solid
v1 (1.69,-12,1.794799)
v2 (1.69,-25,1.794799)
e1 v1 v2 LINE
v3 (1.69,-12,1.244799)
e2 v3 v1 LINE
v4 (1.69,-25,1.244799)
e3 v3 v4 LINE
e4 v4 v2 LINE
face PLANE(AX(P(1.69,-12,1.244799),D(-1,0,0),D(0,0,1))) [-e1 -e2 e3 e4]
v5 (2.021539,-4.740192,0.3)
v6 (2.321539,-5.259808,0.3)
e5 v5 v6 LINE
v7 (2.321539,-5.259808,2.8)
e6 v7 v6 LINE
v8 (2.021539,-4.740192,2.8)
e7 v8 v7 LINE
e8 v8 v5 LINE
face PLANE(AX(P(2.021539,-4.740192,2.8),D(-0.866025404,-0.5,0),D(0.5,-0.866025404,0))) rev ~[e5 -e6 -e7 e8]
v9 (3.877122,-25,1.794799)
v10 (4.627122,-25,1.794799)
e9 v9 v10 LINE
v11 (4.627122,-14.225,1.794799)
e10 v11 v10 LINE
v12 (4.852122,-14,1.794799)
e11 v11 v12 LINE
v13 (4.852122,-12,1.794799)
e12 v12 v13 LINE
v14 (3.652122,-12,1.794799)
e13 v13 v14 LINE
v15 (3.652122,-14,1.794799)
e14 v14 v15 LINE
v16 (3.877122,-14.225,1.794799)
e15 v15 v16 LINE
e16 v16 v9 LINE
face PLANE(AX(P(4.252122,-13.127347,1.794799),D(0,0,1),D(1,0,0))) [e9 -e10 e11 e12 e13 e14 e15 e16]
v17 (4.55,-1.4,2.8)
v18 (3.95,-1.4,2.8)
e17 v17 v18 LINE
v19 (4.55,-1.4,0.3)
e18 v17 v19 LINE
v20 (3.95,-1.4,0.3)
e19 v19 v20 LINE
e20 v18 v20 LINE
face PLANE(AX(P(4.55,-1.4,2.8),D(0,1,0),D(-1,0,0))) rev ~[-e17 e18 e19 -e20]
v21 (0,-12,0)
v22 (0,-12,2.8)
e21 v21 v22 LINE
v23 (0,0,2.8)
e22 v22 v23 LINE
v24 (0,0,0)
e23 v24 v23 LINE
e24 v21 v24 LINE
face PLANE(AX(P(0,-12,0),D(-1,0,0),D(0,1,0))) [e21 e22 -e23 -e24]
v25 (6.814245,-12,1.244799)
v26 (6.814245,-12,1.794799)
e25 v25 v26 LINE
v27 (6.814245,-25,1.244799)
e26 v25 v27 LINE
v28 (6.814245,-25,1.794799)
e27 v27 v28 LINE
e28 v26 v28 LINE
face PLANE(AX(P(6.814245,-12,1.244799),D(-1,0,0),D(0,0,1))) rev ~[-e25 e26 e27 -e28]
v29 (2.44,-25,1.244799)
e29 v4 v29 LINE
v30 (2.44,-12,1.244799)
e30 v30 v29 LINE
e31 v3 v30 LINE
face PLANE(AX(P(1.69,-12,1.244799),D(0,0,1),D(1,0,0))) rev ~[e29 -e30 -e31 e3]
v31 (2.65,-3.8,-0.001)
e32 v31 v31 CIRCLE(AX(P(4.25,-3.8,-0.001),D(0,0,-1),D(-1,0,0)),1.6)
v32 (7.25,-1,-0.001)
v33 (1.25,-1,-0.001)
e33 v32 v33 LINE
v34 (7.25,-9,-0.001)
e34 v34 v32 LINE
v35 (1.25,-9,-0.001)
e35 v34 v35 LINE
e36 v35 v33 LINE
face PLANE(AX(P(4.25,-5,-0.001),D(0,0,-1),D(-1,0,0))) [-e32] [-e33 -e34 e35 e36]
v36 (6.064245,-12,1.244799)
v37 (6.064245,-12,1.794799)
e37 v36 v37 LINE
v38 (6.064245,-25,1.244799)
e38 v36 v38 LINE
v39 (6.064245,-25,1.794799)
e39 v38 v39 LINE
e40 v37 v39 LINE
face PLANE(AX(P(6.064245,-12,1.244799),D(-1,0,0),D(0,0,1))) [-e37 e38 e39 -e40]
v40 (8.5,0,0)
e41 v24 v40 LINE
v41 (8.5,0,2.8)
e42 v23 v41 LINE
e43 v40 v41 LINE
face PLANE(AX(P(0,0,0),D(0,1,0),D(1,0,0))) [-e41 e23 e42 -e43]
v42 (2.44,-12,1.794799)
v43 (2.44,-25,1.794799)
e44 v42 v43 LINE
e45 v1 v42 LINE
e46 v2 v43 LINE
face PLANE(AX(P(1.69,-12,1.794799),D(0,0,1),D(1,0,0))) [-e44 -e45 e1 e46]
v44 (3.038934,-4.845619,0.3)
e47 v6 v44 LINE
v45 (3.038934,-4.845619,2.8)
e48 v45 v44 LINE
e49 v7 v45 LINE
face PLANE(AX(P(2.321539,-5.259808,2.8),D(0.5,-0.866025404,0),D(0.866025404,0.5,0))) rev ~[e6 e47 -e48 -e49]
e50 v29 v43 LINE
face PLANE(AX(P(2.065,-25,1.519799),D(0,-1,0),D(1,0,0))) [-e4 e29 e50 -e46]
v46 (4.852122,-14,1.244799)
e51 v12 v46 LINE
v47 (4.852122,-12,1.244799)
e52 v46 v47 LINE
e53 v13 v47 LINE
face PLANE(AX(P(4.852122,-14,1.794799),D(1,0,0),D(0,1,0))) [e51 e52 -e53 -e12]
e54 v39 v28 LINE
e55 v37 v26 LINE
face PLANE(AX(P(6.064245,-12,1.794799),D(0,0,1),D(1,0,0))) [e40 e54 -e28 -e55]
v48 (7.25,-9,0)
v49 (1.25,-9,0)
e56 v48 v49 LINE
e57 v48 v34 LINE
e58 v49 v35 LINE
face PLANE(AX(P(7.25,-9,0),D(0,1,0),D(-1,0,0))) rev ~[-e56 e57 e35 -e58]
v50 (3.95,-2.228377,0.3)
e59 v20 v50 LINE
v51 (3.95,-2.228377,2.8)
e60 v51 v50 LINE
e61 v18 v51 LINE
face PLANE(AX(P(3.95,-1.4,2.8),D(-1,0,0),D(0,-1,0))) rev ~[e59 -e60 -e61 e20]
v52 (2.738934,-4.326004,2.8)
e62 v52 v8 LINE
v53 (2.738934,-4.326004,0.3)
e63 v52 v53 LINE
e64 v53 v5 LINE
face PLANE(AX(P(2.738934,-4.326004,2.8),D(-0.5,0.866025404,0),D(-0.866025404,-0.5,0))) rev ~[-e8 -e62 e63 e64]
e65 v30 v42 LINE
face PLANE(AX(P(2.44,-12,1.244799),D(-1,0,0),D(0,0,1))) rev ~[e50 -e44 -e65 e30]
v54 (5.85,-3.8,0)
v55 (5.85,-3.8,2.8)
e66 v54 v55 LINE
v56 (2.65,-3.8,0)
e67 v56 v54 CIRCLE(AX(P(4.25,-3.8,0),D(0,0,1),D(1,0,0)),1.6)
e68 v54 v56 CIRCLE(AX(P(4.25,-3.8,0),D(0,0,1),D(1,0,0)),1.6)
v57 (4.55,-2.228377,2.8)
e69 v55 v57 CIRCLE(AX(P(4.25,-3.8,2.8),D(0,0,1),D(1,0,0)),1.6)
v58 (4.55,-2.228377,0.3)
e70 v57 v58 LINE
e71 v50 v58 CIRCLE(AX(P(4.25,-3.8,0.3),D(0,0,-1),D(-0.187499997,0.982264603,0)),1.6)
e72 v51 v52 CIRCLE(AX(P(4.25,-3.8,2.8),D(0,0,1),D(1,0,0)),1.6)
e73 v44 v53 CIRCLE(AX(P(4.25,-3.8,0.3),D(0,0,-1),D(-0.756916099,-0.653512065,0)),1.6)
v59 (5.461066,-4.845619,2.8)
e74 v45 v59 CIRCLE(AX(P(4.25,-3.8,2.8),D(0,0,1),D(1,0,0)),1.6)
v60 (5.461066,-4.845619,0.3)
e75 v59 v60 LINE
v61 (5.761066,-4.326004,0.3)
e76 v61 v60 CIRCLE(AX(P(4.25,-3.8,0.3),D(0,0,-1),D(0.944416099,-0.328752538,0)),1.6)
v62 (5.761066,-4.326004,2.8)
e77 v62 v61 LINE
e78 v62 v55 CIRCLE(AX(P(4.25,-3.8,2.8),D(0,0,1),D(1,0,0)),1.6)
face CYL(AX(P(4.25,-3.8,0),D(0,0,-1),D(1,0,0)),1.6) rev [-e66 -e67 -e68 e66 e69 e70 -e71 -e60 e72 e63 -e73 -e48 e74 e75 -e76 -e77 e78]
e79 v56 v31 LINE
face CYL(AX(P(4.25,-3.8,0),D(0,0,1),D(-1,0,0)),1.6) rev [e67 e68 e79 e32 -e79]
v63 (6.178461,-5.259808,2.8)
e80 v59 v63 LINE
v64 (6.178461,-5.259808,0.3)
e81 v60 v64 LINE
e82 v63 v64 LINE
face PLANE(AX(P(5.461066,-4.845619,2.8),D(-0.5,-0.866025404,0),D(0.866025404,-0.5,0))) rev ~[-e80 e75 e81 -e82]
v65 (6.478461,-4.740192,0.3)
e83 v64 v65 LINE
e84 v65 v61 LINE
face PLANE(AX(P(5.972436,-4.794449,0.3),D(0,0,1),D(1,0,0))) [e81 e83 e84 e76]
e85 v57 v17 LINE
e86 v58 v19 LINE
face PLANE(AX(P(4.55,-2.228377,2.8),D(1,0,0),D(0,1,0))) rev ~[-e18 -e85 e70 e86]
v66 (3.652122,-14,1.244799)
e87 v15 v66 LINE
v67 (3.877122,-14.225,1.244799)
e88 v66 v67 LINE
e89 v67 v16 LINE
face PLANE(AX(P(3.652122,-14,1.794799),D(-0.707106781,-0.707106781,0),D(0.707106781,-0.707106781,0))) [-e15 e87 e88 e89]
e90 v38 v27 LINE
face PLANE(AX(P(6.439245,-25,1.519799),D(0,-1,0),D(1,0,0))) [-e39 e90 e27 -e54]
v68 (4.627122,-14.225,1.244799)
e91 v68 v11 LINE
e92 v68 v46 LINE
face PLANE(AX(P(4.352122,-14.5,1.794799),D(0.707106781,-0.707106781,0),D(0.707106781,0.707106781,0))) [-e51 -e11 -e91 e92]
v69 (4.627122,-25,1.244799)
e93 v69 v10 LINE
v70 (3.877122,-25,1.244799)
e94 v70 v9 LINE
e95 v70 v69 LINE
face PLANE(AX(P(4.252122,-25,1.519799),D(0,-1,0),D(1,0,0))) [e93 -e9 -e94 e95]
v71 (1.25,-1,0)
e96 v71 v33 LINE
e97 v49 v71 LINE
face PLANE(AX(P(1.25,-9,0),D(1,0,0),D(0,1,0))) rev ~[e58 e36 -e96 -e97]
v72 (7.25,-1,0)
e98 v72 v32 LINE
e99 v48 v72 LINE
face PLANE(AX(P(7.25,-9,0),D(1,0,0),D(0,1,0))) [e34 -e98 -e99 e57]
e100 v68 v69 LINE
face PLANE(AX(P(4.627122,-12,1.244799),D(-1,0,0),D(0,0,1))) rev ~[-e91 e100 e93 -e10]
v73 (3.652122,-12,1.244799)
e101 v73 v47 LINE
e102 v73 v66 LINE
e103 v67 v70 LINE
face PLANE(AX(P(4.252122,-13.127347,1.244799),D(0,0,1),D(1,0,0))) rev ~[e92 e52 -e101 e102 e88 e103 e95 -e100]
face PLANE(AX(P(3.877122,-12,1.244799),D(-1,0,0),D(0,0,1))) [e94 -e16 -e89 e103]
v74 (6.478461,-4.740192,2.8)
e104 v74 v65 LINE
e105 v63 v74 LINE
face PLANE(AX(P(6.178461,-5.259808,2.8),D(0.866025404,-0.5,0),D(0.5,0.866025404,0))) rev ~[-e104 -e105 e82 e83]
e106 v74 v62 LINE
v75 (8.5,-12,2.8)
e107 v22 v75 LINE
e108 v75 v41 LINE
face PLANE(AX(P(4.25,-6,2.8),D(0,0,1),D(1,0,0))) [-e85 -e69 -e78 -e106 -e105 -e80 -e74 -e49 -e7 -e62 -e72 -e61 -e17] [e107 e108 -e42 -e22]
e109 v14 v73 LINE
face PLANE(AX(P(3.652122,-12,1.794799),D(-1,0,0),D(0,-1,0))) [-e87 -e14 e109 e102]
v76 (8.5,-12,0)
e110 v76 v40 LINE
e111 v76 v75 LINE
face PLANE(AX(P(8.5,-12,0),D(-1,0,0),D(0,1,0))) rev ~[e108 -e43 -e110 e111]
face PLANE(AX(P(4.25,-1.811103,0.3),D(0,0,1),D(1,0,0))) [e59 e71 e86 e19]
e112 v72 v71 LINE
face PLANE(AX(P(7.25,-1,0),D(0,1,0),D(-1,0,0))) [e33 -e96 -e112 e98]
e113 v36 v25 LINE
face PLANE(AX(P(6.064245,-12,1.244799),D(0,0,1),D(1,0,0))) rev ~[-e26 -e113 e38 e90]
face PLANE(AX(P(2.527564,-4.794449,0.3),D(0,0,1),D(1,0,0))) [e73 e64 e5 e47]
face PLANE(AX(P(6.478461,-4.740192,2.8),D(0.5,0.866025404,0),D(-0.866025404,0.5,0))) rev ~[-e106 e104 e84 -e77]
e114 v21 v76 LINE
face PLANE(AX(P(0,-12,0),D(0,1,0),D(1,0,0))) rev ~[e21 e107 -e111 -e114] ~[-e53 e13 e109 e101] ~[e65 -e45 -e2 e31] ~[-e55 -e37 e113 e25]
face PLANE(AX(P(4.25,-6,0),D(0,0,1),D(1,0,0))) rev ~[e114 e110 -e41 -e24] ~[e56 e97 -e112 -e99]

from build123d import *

# Parameters (mm, degrees)
SKETCH1_W           = 8.5
SKETCH1_H           = 12
SKETCH1_R           = 1.6
BOSS_EXTRUDE1_DEPTH = 2.8
CUT_EXTRUDE1_DEPTH  = 2.5
SKETCH3_W           = 0.75
SKETCH3_H           = 0.55
BOSS_EXTRUDE2_DEPTH = 13
BOSS_EXTRUDE3_DEPTH = 0.55
SKETCH5_W           = 6
SKETCH5_H           = 8
SKETCH5_R           = 1.6
BOSS_EXTRUDE4_DEPTH = 0.001


with BuildPart() as part:
    # Sketch1 → Boss-Extrude1 (new body)
    with BuildSketch(Plane.XY):
        with Locations((4.25, -6)):
            Rectangle(SKETCH1_W, SKETCH1_H)
        with Locations((4.25, -3.8)):
            Circle(SKETCH1_R, mode=Mode.SUBTRACT)
    extrude(amount=BOSS_EXTRUDE1_DEPTH)

    # Sketch2 → Cut-Extrude1 (cut)
    with BuildSketch(Plane.XY.offset(2.8)):
        with BuildLine():
            Line((2.321539031, -5.259807621), (3.038934241, -4.845619303))
            ThreePointArc((3.038934241, -4.845619303), (2.864359354, -4.6), (2.738934241, -4.326004061))
            Line((2.738934241, -4.326004061), (2.021539031, -4.740192379))
            Line((2.021539031, -4.740192379), (2.321539031, -5.259807621))
        make_face()
        with BuildLine():
            Line((6.178460969, -5.259807621), (6.478460969, -4.740192379))
            Line((6.478460969, -4.740192379), (5.761065759, -4.326004061))
            ThreePointArc((5.761065759, -4.326004061), (5.635640646, -4.6), (5.461065759, -4.845619303))
            Line((5.461065759, -4.845619303), (6.178460969, -5.259807621))
        make_face()
        with BuildLine():
            ThreePointArc((3.95, -2.228376635), (4.25, -2.2), (4.55, -2.228376635))
            Line((4.55, -2.228376635), (4.55, -1.4))
            Line((4.55, -1.4), (3.95, -1.4))
            Line((3.95, -1.4), (3.95, -2.228376635))
        make_face()
    extrude(amount=-CUT_EXTRUDE1_DEPTH, mode=Mode.SUBTRACT)

    # Sketch3 → Boss-Extrude2 (add)
    with BuildSketch(Plane.XZ.offset(12)):
        with Locations((2.065, 1.519799242)):
            Rectangle(SKETCH3_W, SKETCH3_H)
        with Locations((4.252122452, 1.519799242)):
            Rectangle(SKETCH3_W, SKETCH3_H)
        with Locations((6.439244903, 1.519799242)):
            Rectangle(SKETCH3_W, SKETCH3_H)
    extrude(amount=BOSS_EXTRUDE2_DEPTH)

    # Sketch4 → Boss-Extrude3 (add)
    with BuildSketch(Plane.XY.offset(1.794799242)):
        Polygon((3.652122452, -14), (4.152122452, -14.5), (4.352122452, -14.5), (4.852122452, -14), (4.852122452, -12), (3.652122452, -12), align=None)
    extrude(amount=-BOSS_EXTRUDE3_DEPTH)

    # Sketch5 → Boss-Extrude4 (add)
    with BuildSketch(Plane(origin=(0, 0, 0), x_dir=(-1, 0, 0), z_dir=(0, 0, -1))):
        with Locations((-4.25, -5)):
            Rectangle(SKETCH5_W, SKETCH5_H)
        with Locations((-4.25, -3.8)):
            Circle(SKETCH5_R, mode=Mode.SUBTRACT)
    extrude(amount=BOSS_EXTRUDE4_DEPTH)


solid = part.part
